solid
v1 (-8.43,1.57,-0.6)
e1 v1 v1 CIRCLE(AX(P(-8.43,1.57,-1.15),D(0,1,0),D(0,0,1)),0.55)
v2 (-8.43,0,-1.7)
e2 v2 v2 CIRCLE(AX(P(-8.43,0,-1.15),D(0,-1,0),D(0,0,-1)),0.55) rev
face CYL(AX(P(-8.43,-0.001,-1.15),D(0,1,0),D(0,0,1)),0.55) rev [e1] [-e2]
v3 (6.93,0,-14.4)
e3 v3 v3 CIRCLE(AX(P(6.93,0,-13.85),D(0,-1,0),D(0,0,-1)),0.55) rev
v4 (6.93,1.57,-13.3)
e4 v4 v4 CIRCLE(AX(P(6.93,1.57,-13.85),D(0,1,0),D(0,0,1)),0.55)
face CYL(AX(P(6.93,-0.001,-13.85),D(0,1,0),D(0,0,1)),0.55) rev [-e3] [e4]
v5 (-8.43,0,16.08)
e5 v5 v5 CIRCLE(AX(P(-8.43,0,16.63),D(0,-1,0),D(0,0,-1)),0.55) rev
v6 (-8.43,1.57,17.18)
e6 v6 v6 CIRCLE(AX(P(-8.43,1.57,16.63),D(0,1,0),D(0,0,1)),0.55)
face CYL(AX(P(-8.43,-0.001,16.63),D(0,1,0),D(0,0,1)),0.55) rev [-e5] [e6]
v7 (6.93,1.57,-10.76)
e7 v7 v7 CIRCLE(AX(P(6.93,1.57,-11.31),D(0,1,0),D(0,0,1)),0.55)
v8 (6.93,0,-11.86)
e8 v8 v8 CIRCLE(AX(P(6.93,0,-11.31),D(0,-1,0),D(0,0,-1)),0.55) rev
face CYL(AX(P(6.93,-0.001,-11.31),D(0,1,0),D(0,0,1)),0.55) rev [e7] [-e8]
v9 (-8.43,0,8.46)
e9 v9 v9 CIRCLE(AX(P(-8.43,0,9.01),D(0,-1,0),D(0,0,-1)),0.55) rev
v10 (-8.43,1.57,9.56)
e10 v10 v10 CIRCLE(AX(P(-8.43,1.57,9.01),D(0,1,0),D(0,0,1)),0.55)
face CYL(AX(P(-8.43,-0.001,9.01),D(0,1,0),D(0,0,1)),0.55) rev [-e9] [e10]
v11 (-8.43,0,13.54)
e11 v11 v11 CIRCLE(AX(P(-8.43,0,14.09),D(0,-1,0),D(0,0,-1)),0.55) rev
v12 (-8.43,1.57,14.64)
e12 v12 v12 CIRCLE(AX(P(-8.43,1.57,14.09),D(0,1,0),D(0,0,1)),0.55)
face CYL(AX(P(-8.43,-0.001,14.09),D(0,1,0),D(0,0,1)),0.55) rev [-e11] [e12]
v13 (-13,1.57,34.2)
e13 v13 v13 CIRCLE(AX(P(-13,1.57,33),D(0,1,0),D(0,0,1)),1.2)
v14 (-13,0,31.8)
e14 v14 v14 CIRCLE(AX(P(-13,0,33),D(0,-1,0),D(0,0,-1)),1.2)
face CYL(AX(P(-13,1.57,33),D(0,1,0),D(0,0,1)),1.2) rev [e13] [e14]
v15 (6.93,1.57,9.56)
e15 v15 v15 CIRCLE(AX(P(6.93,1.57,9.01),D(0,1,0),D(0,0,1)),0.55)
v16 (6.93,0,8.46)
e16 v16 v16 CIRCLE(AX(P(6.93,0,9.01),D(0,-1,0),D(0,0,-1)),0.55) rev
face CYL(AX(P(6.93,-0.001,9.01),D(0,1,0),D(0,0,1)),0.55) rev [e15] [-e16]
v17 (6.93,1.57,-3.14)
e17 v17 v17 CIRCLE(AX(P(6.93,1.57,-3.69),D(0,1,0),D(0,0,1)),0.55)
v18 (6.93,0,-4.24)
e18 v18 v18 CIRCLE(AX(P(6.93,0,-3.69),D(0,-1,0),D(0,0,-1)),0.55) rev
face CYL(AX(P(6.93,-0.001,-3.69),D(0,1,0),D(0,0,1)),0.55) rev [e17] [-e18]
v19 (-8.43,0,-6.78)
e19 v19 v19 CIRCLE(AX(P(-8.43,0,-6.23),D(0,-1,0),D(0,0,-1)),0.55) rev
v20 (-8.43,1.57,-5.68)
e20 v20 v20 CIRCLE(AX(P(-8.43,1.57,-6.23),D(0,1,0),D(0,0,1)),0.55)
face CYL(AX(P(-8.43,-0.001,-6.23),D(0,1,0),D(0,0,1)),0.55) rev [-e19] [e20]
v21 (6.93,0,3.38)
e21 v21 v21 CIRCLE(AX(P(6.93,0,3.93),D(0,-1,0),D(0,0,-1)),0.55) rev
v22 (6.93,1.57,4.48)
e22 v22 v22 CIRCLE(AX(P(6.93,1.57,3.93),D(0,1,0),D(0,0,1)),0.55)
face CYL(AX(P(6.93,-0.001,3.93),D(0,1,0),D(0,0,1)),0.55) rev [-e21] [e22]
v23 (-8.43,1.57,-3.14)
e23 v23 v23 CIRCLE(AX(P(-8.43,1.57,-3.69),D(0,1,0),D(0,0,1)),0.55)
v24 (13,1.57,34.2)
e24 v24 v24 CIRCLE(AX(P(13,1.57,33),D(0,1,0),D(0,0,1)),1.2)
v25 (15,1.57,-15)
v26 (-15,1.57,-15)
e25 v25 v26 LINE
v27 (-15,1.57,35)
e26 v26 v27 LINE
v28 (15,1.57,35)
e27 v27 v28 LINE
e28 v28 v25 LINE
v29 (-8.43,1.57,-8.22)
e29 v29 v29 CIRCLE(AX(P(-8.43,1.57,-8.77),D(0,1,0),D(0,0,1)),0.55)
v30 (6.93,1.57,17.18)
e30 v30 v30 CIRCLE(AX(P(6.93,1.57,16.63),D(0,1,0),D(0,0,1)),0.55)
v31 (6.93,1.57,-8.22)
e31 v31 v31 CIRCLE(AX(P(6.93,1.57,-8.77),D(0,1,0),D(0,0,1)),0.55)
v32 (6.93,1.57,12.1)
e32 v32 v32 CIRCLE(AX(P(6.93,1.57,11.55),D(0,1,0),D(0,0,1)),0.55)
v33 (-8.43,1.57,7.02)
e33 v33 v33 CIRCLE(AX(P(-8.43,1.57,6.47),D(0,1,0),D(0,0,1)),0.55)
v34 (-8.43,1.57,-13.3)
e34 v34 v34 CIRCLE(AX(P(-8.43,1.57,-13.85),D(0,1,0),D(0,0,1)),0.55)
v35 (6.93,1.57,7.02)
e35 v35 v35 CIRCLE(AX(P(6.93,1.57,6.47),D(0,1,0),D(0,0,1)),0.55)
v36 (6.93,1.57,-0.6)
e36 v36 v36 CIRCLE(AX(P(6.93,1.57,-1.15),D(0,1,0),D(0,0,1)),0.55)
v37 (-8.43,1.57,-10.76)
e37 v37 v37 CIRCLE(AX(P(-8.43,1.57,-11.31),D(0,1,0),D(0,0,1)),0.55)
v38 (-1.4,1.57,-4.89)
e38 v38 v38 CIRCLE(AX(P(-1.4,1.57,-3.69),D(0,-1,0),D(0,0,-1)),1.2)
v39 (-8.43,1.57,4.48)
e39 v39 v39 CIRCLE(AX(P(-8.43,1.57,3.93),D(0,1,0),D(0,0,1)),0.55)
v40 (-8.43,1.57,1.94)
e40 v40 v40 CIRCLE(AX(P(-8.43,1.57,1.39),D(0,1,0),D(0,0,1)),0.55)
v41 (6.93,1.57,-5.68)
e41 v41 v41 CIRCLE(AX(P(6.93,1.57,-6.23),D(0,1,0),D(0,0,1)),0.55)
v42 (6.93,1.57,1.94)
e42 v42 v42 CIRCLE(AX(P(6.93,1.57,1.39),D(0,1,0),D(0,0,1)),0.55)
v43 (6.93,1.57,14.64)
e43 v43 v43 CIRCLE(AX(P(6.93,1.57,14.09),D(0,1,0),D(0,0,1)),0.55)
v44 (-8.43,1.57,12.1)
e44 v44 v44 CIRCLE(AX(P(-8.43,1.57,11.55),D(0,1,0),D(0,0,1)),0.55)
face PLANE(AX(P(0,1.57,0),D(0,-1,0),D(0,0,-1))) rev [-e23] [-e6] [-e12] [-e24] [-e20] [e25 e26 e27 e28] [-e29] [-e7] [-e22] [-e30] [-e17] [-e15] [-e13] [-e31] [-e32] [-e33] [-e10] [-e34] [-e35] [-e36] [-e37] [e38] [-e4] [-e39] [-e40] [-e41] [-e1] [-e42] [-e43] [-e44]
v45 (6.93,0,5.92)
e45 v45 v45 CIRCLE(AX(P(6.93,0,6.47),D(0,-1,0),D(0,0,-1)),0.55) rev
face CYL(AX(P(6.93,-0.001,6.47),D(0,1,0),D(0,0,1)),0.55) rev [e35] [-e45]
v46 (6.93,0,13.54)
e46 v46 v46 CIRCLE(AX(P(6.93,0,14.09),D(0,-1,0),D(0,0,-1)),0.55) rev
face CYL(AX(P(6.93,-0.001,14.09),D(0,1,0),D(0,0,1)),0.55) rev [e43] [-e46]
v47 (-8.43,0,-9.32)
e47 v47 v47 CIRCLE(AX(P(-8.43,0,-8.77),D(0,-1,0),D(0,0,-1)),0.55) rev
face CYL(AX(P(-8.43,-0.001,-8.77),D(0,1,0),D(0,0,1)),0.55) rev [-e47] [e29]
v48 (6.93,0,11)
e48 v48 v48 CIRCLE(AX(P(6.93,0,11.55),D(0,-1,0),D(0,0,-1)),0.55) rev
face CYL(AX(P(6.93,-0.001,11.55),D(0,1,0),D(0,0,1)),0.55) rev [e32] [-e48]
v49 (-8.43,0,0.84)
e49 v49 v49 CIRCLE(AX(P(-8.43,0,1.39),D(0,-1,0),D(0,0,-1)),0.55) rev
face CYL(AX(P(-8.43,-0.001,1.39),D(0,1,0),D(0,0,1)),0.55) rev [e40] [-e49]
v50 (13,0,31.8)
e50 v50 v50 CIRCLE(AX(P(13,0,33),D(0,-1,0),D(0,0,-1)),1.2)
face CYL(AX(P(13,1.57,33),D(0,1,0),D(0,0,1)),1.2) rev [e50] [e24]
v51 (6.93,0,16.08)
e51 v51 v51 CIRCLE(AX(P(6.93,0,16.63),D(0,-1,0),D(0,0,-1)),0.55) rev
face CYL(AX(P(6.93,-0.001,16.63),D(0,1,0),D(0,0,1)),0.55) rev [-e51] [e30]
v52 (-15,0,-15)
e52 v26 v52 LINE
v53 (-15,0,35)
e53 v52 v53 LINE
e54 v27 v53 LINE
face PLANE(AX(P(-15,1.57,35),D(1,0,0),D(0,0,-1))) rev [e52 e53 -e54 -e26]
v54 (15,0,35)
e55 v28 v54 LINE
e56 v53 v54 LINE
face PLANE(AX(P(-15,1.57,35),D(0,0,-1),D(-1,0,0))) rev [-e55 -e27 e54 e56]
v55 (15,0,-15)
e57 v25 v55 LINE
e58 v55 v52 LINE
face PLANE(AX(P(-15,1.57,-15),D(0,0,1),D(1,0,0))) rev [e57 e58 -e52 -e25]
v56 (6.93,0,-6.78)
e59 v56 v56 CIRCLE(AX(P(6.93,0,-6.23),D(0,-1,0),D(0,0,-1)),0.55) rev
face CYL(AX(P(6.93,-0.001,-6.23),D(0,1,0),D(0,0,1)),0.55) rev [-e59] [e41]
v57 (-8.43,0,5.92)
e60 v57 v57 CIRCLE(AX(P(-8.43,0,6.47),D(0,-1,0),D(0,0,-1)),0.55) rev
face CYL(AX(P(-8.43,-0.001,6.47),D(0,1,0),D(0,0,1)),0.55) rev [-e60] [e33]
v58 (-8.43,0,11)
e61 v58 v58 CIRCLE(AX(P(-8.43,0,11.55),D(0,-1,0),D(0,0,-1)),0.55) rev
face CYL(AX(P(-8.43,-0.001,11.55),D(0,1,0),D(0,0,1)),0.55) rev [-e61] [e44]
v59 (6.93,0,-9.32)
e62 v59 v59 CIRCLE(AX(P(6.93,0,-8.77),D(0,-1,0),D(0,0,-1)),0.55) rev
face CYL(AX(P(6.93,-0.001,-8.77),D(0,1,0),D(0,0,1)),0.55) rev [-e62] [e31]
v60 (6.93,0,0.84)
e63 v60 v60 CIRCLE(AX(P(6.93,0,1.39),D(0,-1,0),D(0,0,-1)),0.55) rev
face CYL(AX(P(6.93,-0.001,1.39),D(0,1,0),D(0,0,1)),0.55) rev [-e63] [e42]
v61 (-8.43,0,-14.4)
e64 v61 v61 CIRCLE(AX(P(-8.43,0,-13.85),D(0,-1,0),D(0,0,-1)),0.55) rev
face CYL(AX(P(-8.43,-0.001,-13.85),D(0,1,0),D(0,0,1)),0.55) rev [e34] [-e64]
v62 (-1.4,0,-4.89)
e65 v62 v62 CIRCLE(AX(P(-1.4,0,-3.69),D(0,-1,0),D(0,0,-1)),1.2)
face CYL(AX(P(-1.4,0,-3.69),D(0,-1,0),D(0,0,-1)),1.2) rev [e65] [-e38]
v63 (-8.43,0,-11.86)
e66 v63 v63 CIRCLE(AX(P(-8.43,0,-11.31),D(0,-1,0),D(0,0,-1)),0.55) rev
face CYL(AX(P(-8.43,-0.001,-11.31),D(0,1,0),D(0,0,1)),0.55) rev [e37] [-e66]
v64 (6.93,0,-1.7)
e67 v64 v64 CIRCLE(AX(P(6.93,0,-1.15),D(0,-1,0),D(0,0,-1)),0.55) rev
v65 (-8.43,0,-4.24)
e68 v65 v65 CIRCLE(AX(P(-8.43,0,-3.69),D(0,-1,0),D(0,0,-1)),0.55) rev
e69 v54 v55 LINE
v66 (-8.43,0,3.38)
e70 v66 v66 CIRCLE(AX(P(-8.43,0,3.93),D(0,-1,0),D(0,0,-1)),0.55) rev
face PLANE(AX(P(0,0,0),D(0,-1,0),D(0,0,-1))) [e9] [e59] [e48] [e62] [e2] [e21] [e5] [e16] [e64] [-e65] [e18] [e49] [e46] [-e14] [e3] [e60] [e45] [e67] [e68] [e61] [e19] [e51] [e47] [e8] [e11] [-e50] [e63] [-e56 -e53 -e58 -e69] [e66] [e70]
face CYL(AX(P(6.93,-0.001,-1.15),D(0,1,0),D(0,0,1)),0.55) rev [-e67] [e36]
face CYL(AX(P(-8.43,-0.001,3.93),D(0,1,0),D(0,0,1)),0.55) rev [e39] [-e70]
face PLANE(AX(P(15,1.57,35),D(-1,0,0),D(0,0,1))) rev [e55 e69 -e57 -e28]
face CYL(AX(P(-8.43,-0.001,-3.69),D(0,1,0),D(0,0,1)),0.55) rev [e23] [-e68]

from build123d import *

# Parameters (mm, degrees)
SKETCH1_W            = 30
SKETCH1_H            = 70
BOSS_EXTRUDE1_DEPTH  = 1.57
M2_CLEARANCE_HOLE1_D = 2.4
CUT_EXTRUDE1_REACH   = 40.111
SKETCH6_R            = 0.55
LPATTERN1_COUNT      = 15
LPATTERN1_PITCH      = 2.54
SKETCH7_W            = 30
SKETCH7_H            = 20
CUT_EXTRUDE2_DEPTH   = 39.111217509
M2_CLEARANCE_HOLE2_D = 2.4


with BuildPart() as part:
    # Sketch1 → Boss-Extrude1 (new body)
    with BuildSketch(Plane(origin=(0, 0, 0), x_dir=(1, 0, 0), z_dir=(0, 1, 0))):
        Rectangle(SKETCH1_W, SKETCH1_H)
    extrude(amount=BOSS_EXTRUDE1_DEPTH)

    # M2 Clearance Hole1 (through all)
    with Locations(Plane(origin=(0, 1.57, 0), x_dir=(1, 0, 0), z_dir=(0, 1, 0))):
        with Locations((13, 33), (-13, 33), (-13, -33), (13, -33)):
            Hole(M2_CLEARANCE_HOLE1_D / 2)

    # Sketch6 → Cut-Extrude1 (cut, up to next)
    with BuildSketch(Plane(origin=(0, 1.57, 0), x_dir=(1, 0, 0), z_dir=(0, 1, 0)), mode=Mode.PRIVATE) as cut_extrude1_sk1:
        with Locations(Location((6.93, 18.93, 0), (0, 0, 270))):
            Circle(SKETCH6_R)
    cut_extrude1_tool1 = extrude(cut_extrude1_sk1.sketch, amount=-CUT_EXTRUDE1_REACH, mode=Mode.PRIVATE) & part.part
    # Sketch6 → Cut-Extrude1 (cut, up to next)
    with BuildSketch(Plane(origin=(0, 1.57, 0), x_dir=(1, 0, 0), z_dir=(0, 1, 0)), mode=Mode.PRIVATE) as cut_extrude1_sk2:
        with Locations(Location((-8.43, 18.93, 0), (0, 0, 270))):
            Circle(SKETCH6_R)
    cut_extrude1_tool2 = extrude(cut_extrude1_sk2.sketch, amount=-CUT_EXTRUDE1_REACH, mode=Mode.PRIVATE) & part.part
    cut_extrude1_1 = cut_extrude1_tool1.solids().sort_by_distance((6.93, 1.57, -18.93))[0]
    add(cut_extrude1_1, mode=Mode.SUBTRACT)
    cut_extrude1_2 = cut_extrude1_tool2.solids().sort_by_distance((-8.43, 1.57, -18.93))[0]
    add(cut_extrude1_2, mode=Mode.SUBTRACT)
    cut_extrude1 = cut_extrude1_1 + cut_extrude1_2  # Cut-Extrude1 as one shape, for the pattern or mirror that repeats it

    # LPattern1: Cut-Extrude1 ×15
    with Locations(*[(0, 0, i * LPATTERN1_PITCH) for i in range(1, LPATTERN1_COUNT)]):
        add(cut_extrude1, mode=Mode.SUBTRACT)

    # Sketch7 → Cut-Extrude2 (cut, through all)
    with BuildSketch(Plane.XZ):
        with Locations((0, -25)):
            Rectangle(SKETCH7_W, SKETCH7_H)
    extrude(amount=-CUT_EXTRUDE2_DEPTH, mode=Mode.SUBTRACT)

    # M2 Clearance Hole2 (through all)
    with Locations(Plane(origin=(0, 0, 0), x_dir=(-1, 0, 0), z_dir=(0, -1, 0))):
        with Locations((1.4, 3.69)):
            Hole(M2_CLEARANCE_HOLE2_D / 2)


solid = part.part
